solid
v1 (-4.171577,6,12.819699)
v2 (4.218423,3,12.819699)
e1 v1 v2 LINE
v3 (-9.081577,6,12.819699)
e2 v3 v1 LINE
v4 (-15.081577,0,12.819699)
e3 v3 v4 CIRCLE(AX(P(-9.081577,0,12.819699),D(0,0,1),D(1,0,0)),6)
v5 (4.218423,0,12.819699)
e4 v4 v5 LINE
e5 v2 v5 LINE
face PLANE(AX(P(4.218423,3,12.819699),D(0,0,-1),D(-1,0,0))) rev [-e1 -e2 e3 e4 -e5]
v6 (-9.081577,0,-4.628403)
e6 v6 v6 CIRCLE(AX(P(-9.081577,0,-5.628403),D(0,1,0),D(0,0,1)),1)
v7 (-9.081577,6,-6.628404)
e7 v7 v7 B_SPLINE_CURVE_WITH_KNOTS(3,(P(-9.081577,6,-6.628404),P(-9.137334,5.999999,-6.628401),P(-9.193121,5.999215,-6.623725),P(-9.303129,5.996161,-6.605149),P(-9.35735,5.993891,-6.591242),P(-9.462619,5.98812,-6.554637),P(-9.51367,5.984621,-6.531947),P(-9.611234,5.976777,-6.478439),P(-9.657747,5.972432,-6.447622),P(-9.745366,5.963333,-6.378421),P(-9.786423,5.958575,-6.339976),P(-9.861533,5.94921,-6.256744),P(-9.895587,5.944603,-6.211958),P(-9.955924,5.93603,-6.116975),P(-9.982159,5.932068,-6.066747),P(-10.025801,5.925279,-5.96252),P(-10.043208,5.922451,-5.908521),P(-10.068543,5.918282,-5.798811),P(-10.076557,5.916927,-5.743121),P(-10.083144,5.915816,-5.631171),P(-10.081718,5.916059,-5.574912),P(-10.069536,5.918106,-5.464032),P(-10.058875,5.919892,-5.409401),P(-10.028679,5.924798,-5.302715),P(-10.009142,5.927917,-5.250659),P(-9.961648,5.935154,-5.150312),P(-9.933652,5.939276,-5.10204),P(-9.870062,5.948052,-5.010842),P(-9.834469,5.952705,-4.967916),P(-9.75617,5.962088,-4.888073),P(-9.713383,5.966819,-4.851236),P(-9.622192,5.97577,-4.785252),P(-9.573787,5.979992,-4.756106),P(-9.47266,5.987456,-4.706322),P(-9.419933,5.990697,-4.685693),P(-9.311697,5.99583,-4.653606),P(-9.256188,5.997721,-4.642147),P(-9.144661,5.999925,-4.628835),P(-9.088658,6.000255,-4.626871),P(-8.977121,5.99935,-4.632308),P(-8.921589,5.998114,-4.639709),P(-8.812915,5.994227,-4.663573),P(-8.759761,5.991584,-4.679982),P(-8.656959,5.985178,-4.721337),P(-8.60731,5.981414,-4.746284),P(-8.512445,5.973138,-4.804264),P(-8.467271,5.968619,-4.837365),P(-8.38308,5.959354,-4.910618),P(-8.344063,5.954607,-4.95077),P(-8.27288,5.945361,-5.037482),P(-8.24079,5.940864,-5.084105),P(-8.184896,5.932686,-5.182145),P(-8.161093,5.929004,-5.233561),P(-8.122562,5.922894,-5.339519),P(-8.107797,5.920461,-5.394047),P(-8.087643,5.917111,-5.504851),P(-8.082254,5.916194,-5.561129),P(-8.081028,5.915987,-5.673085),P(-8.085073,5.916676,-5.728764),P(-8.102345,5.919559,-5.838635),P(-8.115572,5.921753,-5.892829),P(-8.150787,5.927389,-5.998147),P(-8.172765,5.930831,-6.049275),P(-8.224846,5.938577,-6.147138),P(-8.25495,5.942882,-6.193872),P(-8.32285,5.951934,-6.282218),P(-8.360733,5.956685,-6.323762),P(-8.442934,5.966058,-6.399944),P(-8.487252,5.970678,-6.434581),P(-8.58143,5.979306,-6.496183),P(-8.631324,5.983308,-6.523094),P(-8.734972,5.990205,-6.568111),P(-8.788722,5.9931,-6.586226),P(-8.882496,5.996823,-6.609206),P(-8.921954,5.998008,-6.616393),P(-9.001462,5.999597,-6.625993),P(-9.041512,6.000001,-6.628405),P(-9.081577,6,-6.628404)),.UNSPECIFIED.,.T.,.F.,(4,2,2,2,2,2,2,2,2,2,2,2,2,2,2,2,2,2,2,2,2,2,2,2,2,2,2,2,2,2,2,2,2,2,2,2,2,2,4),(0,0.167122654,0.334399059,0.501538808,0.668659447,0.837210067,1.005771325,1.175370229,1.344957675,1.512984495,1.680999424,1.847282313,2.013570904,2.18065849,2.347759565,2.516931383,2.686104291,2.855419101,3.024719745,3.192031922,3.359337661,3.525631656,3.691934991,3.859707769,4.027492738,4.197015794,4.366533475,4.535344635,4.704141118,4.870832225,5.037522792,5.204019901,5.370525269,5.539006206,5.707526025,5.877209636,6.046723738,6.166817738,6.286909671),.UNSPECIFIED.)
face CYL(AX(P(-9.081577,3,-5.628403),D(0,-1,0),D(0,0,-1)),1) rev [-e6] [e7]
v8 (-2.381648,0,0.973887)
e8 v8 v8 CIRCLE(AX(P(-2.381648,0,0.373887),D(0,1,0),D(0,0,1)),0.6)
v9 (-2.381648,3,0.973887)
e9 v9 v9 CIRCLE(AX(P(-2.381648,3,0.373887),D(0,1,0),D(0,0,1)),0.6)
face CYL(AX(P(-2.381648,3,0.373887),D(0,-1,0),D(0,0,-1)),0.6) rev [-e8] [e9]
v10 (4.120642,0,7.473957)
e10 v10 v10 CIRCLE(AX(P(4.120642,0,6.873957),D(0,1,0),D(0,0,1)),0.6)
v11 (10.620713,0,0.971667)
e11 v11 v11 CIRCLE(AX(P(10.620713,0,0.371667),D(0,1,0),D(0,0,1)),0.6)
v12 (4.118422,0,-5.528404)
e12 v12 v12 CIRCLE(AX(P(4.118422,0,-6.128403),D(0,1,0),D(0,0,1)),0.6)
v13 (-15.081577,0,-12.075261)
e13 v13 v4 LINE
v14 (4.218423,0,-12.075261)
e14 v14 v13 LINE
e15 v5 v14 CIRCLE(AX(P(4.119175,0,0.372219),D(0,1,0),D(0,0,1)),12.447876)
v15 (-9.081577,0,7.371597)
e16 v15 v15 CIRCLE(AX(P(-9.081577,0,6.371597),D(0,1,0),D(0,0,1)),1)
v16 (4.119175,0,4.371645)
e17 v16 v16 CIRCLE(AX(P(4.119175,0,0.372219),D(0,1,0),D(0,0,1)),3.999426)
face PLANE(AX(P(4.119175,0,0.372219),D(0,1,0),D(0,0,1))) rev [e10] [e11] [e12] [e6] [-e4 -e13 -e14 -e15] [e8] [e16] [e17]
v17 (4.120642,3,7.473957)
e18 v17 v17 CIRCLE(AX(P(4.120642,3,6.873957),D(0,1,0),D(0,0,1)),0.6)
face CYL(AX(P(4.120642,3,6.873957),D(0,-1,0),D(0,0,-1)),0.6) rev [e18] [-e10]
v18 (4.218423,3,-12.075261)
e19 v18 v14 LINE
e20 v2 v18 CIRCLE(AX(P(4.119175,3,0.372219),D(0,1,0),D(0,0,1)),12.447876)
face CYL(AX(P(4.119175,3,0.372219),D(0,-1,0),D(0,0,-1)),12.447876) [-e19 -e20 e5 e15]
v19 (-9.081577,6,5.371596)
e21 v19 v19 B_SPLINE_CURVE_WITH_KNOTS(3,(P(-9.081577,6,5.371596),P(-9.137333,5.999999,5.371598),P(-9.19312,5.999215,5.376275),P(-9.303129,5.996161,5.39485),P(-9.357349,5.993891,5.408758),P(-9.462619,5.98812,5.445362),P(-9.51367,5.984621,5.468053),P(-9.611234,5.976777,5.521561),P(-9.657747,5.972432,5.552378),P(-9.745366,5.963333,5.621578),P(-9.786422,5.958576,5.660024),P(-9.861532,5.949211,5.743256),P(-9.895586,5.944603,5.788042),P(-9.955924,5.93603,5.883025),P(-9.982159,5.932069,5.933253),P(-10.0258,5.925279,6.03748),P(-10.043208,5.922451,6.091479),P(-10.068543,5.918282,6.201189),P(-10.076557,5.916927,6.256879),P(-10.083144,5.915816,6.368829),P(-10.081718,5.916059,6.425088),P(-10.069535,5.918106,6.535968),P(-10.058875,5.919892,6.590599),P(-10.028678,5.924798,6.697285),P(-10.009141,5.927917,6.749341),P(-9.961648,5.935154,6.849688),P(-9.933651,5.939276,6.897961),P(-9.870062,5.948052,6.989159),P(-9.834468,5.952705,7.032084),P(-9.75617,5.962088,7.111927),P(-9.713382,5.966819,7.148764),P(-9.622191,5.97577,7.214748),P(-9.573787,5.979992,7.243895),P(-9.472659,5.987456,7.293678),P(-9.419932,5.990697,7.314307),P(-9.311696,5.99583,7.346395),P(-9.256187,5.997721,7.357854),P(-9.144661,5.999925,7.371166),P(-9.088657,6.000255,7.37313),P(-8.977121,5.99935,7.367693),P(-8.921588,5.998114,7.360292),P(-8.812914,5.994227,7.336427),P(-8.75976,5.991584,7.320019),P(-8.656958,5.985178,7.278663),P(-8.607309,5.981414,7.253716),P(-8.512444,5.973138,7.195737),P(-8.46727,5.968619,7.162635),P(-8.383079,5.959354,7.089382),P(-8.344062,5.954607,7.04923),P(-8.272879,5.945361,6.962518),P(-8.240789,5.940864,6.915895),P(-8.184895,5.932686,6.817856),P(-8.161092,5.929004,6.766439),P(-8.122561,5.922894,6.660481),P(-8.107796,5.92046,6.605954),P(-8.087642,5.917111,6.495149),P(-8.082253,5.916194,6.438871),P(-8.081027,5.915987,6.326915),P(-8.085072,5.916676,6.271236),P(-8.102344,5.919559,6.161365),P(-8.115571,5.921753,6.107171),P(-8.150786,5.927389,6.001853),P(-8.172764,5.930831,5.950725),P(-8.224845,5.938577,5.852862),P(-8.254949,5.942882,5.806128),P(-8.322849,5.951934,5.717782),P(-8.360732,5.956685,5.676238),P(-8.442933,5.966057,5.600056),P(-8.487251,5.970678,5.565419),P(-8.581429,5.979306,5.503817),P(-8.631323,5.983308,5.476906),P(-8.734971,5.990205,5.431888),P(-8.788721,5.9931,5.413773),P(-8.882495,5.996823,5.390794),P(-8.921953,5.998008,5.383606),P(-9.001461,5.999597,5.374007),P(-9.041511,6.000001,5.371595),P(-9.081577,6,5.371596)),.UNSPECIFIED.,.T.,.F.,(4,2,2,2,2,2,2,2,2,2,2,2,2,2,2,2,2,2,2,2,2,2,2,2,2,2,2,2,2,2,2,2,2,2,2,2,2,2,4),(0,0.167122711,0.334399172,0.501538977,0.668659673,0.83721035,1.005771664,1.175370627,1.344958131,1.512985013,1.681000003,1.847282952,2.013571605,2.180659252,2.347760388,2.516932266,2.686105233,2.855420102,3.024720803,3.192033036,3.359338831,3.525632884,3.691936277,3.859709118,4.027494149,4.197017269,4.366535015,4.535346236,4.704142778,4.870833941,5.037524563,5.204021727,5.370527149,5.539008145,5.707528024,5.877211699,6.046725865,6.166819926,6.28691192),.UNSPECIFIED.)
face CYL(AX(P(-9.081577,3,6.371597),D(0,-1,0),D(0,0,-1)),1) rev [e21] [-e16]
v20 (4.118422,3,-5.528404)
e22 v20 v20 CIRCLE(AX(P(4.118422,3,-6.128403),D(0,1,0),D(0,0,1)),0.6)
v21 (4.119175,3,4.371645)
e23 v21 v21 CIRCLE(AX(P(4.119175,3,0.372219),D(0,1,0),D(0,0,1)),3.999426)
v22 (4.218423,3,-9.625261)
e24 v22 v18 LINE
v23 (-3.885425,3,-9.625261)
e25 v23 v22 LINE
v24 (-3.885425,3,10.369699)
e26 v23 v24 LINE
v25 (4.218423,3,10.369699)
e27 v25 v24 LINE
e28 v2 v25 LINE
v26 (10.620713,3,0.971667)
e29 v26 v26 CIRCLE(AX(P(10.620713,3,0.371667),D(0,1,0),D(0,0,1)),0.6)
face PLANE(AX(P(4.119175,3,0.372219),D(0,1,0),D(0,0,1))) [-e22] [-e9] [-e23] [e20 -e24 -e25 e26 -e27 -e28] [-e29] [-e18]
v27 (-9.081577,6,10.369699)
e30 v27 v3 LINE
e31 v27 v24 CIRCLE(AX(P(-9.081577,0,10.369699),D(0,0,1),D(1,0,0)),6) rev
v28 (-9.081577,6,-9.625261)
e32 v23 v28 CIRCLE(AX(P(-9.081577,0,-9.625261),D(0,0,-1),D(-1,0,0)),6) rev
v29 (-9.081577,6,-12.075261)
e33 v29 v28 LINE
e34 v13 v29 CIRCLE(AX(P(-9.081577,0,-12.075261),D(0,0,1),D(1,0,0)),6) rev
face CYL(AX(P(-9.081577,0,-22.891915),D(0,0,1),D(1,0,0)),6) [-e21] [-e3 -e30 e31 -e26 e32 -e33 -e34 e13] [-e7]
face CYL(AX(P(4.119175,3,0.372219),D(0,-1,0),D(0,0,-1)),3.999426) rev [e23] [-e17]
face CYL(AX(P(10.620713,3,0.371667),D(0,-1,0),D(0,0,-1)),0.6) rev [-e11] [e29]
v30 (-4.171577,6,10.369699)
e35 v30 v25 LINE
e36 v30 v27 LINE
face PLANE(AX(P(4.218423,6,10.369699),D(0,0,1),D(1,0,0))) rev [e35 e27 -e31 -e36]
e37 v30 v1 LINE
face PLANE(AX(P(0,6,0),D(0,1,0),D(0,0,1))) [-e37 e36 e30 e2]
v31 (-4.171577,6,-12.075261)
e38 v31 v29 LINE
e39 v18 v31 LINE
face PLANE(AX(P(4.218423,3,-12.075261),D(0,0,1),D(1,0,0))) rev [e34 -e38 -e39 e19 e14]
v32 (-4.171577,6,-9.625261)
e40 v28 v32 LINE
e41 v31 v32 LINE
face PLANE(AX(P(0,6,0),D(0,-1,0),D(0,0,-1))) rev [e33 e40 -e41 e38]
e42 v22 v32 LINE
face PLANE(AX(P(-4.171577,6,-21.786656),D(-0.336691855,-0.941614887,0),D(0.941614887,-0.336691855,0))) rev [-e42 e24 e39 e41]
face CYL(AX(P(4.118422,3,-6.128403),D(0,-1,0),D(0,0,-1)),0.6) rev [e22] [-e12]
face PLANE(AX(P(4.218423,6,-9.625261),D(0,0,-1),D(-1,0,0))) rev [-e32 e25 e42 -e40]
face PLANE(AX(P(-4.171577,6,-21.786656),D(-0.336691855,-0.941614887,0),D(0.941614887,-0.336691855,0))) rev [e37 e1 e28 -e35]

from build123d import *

# Parameters (mm, degrees)
CROQUIS1_R              = 0.599999868
CROQUIS1_R_2            = 3.999426158
CROQUIS1_R_3            = 1.000000121
CROQUIS1_R_4            = 1.000000477
SALIENTE_EXTRUIR1_DEPTH = 3
SALIENTE_EXTRUIR2_DEPTH = 24.89496
CROQUIS3_W              = 13.299999714
CROQUIS3_H              = 2.45
SALIENTE_EXTRUIR3_DEPTH = 3
CORTAR_EXTRUIR1_DEPTH   = 24.89496
CROQUIS5_R              = 1.000000121
CROQUIS5_R_2            = 1.000000477
CORTAR_EXTRUIR2_DEPTH   = 11


with BuildPart() as part:
    # Croquis1 → Saliente-Extruir1 (new body)
    with BuildSketch(Plane(origin=(0, 0, 0), x_dir=(1, 0, 0), z_dir=(0, 1, 0))):
        with BuildLine():
            Line((4.218422555, -12.81969876), (-15.081577159, -12.81969876))
            Line((-15.081577159, -12.81969876), (-15.081577159, 12.075260967))
            Line((-15.081577159, 12.075260967), (4.218422555, 12.075260967))
            ThreePointArc((4.218422555, 12.075260967), (16.567050884, -0.372218896), (4.218422555, -12.81969876))
        make_face()
        with Locations((4.118422395, 6.128403493)):
            Circle(CROQUIS1_R, mode=Mode.SUBTRACT)
        with Locations((4.119175364, -0.372218896)):
            Circle(CROQUIS1_R_2, mode=Mode.SUBTRACT)
        with Locations((-9.081577367, 5.628403394)):
            Circle(CROQUIS1_R_3, mode=Mode.SUBTRACT)
        with Locations((-9.081576585, -6.371596672)):
            Circle(CROQUIS1_R_4, mode=Mode.SUBTRACT)
        with Locations((10.620712828, -0.371667036)):
            Circle(CROQUIS1_R, mode=Mode.SUBTRACT)
        with Locations((4.1206423, -6.873957469)):
            Circle(CROQUIS1_R, mode=Mode.SUBTRACT)
        with Locations((-2.381648134, -0.373886941)):
            Circle(CROQUIS1_R, mode=Mode.SUBTRACT)
    extrude(amount=SALIENTE_EXTRUIR1_DEPTH)

    # Croquis2 → Saliente-Extruir2 (add)
    with BuildSketch(Plane.XY.offset(12.81969876)):
        with BuildLine():
            Line((-14.277729582, 3), (-3.885424736, 3))
            ThreePointArc((-3.885424736, 3), (-9.081577159, 6), (-14.277729582, 3))
        make_face()
    extrude(amount=-SALIENTE_EXTRUIR2_DEPTH)

    # Croquis3 → Saliente-Extruir3 (add)
    with BuildSketch(Plane(origin=(0, 3, 0), x_dir=(1, 0, 0), z_dir=(0, 1, 0))):
        with Locations((-2.431577302, -11.59469876)):
            Rectangle(CROQUIS3_W, CROQUIS3_H)
        with Locations((-2.431577302, 10.850260967)):
            Rectangle(CROQUIS3_W, CROQUIS3_H)
    extrude(amount=SALIENTE_EXTRUIR3_DEPTH)

    # Croquis4 → Cortar-Extruir1 (cut)
    with BuildSketch(Plane.XY.offset(12.81969876)):
        Polygon((-4.171577445, 6), (4.218422555, 3), (4.218422555, 6), align=None)
        with BuildLine():
            Line((-15.081577159, 0), (-16.256016644, 0))
            ThreePointArc((-16.256016644, 0), (-14.36312843, 4.855697487), (-9.683294652, 7.149162047))
            Line((-9.683294652, 7.149162047), (-9.683294652, 5.969751759))
            ThreePointArc((-9.683294652, 5.969751759), (-13.53187518, 4.024282237), (-15.081577159, 0))
        make_face()
    extrude(amount=-CORTAR_EXTRUIR1_DEPTH, mode=Mode.SUBTRACT)

    # Croquis5 → Cortar-Extruir2 (cut)
    with BuildSketch(Plane.XZ):
        with Locations((-9.081577367, -5.628403394)):
            Circle(CROQUIS5_R)
        with Locations((-9.081576585, 6.371596672)):
            Circle(CROQUIS5_R_2)
    extrude(amount=-CORTAR_EXTRUIR2_DEPTH, mode=Mode.SUBTRACT)


solid = part.part
